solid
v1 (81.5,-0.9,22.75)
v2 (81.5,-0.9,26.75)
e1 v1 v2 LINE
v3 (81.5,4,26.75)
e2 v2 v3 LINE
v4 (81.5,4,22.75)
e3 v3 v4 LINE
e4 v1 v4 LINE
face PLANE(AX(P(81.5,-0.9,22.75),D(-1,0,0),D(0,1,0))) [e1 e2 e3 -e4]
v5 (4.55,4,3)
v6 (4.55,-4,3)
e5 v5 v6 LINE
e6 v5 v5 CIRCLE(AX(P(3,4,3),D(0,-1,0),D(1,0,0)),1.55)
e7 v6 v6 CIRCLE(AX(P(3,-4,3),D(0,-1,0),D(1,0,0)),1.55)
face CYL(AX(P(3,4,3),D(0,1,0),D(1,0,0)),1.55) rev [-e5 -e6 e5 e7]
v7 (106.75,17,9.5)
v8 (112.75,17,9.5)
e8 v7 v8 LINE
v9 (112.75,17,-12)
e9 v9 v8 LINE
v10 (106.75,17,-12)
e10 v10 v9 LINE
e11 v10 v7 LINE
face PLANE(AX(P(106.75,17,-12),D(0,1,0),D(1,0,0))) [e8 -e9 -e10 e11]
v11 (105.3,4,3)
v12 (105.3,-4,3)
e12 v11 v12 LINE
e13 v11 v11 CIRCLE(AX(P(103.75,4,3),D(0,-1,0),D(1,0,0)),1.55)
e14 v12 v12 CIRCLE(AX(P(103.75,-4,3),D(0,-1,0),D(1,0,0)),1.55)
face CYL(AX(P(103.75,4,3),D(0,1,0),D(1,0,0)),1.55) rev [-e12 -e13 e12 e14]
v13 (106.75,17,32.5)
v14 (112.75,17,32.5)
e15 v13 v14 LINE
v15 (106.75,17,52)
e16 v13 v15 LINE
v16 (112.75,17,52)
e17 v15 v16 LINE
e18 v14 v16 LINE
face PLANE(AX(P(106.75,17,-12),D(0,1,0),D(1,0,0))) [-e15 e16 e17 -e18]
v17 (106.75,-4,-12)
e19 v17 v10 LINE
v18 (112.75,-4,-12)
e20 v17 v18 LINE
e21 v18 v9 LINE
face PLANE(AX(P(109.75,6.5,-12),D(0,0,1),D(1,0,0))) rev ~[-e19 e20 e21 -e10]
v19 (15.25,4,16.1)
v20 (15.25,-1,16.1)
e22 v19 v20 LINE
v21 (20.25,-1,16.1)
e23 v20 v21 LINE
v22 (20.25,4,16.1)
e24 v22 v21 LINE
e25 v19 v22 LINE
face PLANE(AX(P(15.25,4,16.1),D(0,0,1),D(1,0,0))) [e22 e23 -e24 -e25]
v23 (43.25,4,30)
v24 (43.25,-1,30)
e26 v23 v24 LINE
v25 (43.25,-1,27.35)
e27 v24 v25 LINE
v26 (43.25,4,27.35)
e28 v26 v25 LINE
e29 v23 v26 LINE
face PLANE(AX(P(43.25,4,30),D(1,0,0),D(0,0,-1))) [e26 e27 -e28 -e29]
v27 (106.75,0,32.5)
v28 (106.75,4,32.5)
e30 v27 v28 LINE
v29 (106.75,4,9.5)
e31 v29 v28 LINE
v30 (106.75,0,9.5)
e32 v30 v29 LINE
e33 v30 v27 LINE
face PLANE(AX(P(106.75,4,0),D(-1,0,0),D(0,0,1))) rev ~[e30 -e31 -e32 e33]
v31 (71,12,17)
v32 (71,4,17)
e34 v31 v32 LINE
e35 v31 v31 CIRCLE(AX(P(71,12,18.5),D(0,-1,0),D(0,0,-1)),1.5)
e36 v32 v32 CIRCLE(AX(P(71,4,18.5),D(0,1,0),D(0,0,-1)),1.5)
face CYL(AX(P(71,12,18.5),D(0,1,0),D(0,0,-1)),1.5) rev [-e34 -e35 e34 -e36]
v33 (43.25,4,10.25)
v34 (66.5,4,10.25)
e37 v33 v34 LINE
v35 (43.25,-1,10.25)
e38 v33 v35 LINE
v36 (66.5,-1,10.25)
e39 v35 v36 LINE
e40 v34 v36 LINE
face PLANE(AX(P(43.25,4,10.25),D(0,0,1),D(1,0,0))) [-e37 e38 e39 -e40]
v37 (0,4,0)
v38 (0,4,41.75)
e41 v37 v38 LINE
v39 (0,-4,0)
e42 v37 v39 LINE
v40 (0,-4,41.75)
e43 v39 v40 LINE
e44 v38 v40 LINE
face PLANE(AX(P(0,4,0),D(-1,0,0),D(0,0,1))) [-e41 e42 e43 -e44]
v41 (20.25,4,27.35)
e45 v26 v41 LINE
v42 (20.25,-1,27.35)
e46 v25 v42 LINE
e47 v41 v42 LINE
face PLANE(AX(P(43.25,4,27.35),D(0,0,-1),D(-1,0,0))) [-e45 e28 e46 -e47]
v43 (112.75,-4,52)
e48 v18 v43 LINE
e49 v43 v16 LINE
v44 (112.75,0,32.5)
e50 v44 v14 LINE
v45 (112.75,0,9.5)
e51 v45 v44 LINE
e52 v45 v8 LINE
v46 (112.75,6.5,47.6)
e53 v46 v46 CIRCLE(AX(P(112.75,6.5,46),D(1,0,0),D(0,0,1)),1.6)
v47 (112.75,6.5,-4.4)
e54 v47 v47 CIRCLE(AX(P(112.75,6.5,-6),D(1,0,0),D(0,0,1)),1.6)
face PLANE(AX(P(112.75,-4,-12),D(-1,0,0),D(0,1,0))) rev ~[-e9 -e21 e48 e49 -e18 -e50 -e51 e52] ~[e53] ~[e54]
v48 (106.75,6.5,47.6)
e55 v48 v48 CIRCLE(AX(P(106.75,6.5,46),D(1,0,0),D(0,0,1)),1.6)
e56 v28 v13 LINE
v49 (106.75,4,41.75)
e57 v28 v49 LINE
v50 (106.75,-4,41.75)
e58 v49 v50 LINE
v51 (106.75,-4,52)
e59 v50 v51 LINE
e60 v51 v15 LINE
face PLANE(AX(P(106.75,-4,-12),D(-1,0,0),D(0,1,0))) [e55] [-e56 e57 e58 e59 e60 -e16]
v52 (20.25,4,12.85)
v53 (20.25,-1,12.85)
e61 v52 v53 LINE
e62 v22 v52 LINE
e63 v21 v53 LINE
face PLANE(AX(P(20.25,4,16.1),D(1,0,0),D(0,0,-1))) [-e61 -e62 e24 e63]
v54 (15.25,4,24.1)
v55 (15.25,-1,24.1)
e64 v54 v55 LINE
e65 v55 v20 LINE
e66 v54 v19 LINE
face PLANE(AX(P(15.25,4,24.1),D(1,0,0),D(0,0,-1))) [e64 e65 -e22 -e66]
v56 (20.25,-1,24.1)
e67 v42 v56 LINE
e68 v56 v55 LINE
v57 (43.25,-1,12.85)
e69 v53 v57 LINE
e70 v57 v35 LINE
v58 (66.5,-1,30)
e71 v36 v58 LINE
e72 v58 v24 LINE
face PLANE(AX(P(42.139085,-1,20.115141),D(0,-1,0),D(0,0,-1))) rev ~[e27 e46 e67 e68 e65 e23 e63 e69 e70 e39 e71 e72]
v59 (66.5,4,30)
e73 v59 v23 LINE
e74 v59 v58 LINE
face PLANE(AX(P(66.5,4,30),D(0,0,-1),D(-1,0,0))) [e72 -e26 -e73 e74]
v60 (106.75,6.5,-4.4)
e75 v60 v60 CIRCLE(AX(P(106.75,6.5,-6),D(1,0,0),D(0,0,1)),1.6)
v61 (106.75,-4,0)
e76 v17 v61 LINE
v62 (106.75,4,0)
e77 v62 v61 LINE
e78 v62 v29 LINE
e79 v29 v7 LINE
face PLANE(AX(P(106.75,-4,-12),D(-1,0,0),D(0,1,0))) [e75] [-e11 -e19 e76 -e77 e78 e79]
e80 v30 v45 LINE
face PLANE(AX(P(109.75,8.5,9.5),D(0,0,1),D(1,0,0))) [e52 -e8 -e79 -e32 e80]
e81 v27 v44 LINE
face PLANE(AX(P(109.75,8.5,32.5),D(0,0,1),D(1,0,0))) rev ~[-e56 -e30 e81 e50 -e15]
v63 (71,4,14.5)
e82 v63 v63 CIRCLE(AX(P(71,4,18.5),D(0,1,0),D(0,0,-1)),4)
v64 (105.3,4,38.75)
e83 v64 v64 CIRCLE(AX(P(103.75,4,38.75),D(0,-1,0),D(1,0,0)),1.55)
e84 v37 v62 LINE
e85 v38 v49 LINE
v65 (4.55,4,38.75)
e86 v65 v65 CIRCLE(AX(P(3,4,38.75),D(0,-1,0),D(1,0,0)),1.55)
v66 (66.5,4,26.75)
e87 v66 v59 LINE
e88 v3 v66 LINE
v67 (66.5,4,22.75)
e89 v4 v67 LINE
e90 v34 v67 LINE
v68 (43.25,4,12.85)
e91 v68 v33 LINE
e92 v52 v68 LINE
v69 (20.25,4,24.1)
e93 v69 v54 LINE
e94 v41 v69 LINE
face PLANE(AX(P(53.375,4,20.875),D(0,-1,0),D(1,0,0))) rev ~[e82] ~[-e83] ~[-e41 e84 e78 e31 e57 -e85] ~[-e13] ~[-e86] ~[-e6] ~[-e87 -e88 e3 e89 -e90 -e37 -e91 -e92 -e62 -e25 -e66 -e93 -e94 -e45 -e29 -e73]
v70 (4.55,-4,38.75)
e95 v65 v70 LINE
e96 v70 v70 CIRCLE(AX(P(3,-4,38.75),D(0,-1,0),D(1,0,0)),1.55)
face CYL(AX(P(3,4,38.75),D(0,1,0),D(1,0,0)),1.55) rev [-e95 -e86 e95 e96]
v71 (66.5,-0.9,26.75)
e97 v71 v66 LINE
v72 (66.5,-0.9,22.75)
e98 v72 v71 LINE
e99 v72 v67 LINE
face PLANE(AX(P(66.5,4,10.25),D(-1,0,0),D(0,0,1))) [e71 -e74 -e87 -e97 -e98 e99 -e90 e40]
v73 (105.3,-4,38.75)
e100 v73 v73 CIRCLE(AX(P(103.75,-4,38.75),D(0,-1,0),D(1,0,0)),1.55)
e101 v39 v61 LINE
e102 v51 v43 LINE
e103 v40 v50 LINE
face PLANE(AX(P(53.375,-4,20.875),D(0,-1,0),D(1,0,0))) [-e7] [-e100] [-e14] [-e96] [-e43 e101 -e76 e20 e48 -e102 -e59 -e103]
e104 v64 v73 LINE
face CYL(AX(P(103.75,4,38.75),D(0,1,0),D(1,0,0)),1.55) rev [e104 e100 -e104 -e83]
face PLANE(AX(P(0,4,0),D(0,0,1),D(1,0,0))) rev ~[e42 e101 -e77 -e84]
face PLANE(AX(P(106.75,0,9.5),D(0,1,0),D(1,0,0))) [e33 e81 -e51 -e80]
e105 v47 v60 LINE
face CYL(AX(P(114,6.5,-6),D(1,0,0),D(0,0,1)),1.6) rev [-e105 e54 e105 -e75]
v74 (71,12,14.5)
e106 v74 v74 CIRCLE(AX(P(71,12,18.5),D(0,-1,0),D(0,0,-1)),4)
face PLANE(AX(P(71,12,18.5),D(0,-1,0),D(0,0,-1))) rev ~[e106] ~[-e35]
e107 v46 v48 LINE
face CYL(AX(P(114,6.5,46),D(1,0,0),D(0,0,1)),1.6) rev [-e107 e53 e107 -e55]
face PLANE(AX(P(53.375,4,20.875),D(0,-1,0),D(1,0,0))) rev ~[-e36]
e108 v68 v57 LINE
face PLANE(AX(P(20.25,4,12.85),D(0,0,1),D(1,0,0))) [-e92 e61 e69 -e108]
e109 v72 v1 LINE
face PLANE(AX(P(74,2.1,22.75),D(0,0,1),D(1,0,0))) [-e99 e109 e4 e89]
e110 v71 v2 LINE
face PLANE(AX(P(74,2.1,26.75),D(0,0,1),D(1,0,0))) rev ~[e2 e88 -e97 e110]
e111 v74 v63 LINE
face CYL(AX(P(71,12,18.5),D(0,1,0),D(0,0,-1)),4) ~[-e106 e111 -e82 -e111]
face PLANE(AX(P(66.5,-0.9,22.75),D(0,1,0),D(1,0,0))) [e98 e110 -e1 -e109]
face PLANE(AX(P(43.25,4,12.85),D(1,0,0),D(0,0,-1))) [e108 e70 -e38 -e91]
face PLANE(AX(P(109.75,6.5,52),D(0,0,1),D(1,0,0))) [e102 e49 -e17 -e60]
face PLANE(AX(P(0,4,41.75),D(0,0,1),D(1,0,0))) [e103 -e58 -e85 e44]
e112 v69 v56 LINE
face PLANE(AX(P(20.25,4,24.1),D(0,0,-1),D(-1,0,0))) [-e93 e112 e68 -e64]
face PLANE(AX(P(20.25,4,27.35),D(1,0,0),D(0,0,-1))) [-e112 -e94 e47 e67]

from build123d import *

# Parameters (mm, degrees)
BOX059_W                   = 15
BOX059_H                   = 6
BOX059_DEPTH               = 4
EXTRUDE027_DEPTH           = 5
EXTRUDE027_ROLL_ANGLE      = -90
EXTRUDE027_PLACEMENT_ANGLE = -90
CYLINDER053_R              = 1.6
CYLINDER053_DEPTH          = 10
CYLINDER052_R              = 1.6
CYLINDER052_DEPTH          = 10
SKETCH024_W                = 106.75
SKETCH024_H                = 41.75
SKETCH024_R                = 1.55
EXTRUDE024_DEPTH           = 8
EXTRUDE024_PLACEMENT_ANGLE = 270
BOX058_W                   = 6
BOX058_H                   = 17
BOX058_DEPTH               = 23
BOX056_W                   = 6
BOX056_H                   = 21
BOX056_DEPTH               = 64
TUBE003_R                  = 4
TUBE003_R_2                = 1.5
TUBE003_DEPTH              = 12


with BuildPart() as cube034:
    # Box059 → Box059 (new body)
    with BuildSketch(Plane(origin=(66.5, -0.9, 22.75), x_dir=(1, 0, 0), z_dir=(0, 0, 1))):
        with Locations((7.5, 3)):
            Rectangle(BOX059_W, BOX059_H)
    extrude(amount=BOX059_DEPTH)


with BuildPart() as extrude027:
    # Sketch028 → Extrude027 (new body)
    with BuildSketch(Plane.YZ):
        Polygon((10.25, 66.5), (10.25, 43.25), (12.9, 43.25), (12.9, 20.25), (16.15, 20.25), (16.15, 15.25), (24.15, 15.25), (24.15, 20.25), (27.4, 20.25), (27.4, 43.25), (30, 43.25), (30, 66.5), align=None)
    extrude(amount=EXTRUDE027_DEPTH)


with BuildPart() as extrude027_1:
    # Extrude027 roll: moved
    add(extrude027.part.rotate(Axis((0, 0, 0), (1, 0, 0)), EXTRUDE027_ROLL_ANGLE))


with BuildPart() as extrude027_2:
    # Extrude027 placement: moved
    add(extrude027_1.part.moved(Location((0, 4, 40.25))).rotate(Axis((0, 4, 40.25), (0, 0, 1)), EXTRUDE027_PLACEMENT_ANGLE))


with BuildPart() as cylinder053:
    # Cylinder053 → Cylinder053 (new body)
    with BuildSketch(Plane(origin=(114, 6.5, 46), x_dir=(0, 0, 1), z_dir=(-1, 0, 0))):
        Circle(CYLINDER053_R)
    extrude(amount=CYLINDER053_DEPTH)


with BuildPart() as m3cyl:
    # Cylinder052 → Cylinder052 (new body)
    with BuildSketch(Plane(origin=(114, 6.5, -6), x_dir=(0, 0, 1), z_dir=(-1, 0, 0))):
        Circle(CYLINDER052_R)
    extrude(amount=CYLINDER052_DEPTH)

    # Fusion038: union Cylinder053
    add(cylinder053.part)


with BuildPart() as bottom001:
    # Sketch024 → Extrude024 (new body)
    with BuildSketch(Plane.YZ):
        with Locations((53.375, 20.875)):
            Rectangle(SKETCH024_W, SKETCH024_H)
        with Locations((3, 3)):
            Circle(SKETCH024_R, mode=Mode.SUBTRACT)
        with Locations((3, 38.75)):
            Circle(SKETCH024_R, mode=Mode.SUBTRACT)
        with Locations((103.75, 38.75)):
            Circle(SKETCH024_R, mode=Mode.SUBTRACT)
        with Locations((103.75, 3)):
            Circle(SKETCH024_R, mode=Mode.SUBTRACT)
    extrude(amount=EXTRUDE024_DEPTH)


with BuildPart() as bottom001_1:
    # Extrude024 placement: moved
    add(bottom001.part.moved(Location((0, 4, 0))).rotate(Axis((0, 4, 0), (0, 0, 1)), EXTRUDE024_PLACEMENT_ANGLE))


with BuildPart() as basemount001:
    # Box058 → Box058 (new body)
    with BuildSketch(Plane(origin=(106.75, 0, 9.5), x_dir=(1, 0, 0), z_dir=(0, 0, 1))):
        with Locations((3, 8.5)):
            Rectangle(BOX058_W, BOX058_H)
    extrude(amount=BOX058_DEPTH)


with BuildPart() as lora_cut:
    # Box056 → Box056 (new body)
    with BuildSketch(Plane(origin=(106.75, -4, -12), x_dir=(1, 0, 0), z_dir=(0, 0, 1))):
        with Locations((3, 10.5)):
            Rectangle(BOX056_W, BOX056_H)
    extrude(amount=BOX056_DEPTH)

    # Cut038: cut baseMOunt001
    add(basemount001.part, mode=Mode.SUBTRACT)

    # Fusion037: union Bottom001
    add(bottom001_1.part)

    # Cut039: cut m3Cyl
    add(m3cyl.part, mode=Mode.SUBTRACT)

    # Cut040: cut Extrude027
    add(extrude027_2.part, mode=Mode.SUBTRACT)

    # Cut041: cut Cube034
    add(cube034.part, mode=Mode.SUBTRACT)


with BuildPart() as bottom002:
    # Tube003 → Tube003 (new body)
    with BuildSketch(Plane(origin=(71, 12, 18.5), x_dir=(0, 0, -1), z_dir=(0, -1, 0))):
        Circle(TUBE003_R)
        Circle(TUBE003_R_2, mode=Mode.SUBTRACT)
    extrude(amount=TUBE003_DEPTH)

    # Fusion039: union LoRa_Cut
    add(lora_cut.part)


solid = bottom002.part
